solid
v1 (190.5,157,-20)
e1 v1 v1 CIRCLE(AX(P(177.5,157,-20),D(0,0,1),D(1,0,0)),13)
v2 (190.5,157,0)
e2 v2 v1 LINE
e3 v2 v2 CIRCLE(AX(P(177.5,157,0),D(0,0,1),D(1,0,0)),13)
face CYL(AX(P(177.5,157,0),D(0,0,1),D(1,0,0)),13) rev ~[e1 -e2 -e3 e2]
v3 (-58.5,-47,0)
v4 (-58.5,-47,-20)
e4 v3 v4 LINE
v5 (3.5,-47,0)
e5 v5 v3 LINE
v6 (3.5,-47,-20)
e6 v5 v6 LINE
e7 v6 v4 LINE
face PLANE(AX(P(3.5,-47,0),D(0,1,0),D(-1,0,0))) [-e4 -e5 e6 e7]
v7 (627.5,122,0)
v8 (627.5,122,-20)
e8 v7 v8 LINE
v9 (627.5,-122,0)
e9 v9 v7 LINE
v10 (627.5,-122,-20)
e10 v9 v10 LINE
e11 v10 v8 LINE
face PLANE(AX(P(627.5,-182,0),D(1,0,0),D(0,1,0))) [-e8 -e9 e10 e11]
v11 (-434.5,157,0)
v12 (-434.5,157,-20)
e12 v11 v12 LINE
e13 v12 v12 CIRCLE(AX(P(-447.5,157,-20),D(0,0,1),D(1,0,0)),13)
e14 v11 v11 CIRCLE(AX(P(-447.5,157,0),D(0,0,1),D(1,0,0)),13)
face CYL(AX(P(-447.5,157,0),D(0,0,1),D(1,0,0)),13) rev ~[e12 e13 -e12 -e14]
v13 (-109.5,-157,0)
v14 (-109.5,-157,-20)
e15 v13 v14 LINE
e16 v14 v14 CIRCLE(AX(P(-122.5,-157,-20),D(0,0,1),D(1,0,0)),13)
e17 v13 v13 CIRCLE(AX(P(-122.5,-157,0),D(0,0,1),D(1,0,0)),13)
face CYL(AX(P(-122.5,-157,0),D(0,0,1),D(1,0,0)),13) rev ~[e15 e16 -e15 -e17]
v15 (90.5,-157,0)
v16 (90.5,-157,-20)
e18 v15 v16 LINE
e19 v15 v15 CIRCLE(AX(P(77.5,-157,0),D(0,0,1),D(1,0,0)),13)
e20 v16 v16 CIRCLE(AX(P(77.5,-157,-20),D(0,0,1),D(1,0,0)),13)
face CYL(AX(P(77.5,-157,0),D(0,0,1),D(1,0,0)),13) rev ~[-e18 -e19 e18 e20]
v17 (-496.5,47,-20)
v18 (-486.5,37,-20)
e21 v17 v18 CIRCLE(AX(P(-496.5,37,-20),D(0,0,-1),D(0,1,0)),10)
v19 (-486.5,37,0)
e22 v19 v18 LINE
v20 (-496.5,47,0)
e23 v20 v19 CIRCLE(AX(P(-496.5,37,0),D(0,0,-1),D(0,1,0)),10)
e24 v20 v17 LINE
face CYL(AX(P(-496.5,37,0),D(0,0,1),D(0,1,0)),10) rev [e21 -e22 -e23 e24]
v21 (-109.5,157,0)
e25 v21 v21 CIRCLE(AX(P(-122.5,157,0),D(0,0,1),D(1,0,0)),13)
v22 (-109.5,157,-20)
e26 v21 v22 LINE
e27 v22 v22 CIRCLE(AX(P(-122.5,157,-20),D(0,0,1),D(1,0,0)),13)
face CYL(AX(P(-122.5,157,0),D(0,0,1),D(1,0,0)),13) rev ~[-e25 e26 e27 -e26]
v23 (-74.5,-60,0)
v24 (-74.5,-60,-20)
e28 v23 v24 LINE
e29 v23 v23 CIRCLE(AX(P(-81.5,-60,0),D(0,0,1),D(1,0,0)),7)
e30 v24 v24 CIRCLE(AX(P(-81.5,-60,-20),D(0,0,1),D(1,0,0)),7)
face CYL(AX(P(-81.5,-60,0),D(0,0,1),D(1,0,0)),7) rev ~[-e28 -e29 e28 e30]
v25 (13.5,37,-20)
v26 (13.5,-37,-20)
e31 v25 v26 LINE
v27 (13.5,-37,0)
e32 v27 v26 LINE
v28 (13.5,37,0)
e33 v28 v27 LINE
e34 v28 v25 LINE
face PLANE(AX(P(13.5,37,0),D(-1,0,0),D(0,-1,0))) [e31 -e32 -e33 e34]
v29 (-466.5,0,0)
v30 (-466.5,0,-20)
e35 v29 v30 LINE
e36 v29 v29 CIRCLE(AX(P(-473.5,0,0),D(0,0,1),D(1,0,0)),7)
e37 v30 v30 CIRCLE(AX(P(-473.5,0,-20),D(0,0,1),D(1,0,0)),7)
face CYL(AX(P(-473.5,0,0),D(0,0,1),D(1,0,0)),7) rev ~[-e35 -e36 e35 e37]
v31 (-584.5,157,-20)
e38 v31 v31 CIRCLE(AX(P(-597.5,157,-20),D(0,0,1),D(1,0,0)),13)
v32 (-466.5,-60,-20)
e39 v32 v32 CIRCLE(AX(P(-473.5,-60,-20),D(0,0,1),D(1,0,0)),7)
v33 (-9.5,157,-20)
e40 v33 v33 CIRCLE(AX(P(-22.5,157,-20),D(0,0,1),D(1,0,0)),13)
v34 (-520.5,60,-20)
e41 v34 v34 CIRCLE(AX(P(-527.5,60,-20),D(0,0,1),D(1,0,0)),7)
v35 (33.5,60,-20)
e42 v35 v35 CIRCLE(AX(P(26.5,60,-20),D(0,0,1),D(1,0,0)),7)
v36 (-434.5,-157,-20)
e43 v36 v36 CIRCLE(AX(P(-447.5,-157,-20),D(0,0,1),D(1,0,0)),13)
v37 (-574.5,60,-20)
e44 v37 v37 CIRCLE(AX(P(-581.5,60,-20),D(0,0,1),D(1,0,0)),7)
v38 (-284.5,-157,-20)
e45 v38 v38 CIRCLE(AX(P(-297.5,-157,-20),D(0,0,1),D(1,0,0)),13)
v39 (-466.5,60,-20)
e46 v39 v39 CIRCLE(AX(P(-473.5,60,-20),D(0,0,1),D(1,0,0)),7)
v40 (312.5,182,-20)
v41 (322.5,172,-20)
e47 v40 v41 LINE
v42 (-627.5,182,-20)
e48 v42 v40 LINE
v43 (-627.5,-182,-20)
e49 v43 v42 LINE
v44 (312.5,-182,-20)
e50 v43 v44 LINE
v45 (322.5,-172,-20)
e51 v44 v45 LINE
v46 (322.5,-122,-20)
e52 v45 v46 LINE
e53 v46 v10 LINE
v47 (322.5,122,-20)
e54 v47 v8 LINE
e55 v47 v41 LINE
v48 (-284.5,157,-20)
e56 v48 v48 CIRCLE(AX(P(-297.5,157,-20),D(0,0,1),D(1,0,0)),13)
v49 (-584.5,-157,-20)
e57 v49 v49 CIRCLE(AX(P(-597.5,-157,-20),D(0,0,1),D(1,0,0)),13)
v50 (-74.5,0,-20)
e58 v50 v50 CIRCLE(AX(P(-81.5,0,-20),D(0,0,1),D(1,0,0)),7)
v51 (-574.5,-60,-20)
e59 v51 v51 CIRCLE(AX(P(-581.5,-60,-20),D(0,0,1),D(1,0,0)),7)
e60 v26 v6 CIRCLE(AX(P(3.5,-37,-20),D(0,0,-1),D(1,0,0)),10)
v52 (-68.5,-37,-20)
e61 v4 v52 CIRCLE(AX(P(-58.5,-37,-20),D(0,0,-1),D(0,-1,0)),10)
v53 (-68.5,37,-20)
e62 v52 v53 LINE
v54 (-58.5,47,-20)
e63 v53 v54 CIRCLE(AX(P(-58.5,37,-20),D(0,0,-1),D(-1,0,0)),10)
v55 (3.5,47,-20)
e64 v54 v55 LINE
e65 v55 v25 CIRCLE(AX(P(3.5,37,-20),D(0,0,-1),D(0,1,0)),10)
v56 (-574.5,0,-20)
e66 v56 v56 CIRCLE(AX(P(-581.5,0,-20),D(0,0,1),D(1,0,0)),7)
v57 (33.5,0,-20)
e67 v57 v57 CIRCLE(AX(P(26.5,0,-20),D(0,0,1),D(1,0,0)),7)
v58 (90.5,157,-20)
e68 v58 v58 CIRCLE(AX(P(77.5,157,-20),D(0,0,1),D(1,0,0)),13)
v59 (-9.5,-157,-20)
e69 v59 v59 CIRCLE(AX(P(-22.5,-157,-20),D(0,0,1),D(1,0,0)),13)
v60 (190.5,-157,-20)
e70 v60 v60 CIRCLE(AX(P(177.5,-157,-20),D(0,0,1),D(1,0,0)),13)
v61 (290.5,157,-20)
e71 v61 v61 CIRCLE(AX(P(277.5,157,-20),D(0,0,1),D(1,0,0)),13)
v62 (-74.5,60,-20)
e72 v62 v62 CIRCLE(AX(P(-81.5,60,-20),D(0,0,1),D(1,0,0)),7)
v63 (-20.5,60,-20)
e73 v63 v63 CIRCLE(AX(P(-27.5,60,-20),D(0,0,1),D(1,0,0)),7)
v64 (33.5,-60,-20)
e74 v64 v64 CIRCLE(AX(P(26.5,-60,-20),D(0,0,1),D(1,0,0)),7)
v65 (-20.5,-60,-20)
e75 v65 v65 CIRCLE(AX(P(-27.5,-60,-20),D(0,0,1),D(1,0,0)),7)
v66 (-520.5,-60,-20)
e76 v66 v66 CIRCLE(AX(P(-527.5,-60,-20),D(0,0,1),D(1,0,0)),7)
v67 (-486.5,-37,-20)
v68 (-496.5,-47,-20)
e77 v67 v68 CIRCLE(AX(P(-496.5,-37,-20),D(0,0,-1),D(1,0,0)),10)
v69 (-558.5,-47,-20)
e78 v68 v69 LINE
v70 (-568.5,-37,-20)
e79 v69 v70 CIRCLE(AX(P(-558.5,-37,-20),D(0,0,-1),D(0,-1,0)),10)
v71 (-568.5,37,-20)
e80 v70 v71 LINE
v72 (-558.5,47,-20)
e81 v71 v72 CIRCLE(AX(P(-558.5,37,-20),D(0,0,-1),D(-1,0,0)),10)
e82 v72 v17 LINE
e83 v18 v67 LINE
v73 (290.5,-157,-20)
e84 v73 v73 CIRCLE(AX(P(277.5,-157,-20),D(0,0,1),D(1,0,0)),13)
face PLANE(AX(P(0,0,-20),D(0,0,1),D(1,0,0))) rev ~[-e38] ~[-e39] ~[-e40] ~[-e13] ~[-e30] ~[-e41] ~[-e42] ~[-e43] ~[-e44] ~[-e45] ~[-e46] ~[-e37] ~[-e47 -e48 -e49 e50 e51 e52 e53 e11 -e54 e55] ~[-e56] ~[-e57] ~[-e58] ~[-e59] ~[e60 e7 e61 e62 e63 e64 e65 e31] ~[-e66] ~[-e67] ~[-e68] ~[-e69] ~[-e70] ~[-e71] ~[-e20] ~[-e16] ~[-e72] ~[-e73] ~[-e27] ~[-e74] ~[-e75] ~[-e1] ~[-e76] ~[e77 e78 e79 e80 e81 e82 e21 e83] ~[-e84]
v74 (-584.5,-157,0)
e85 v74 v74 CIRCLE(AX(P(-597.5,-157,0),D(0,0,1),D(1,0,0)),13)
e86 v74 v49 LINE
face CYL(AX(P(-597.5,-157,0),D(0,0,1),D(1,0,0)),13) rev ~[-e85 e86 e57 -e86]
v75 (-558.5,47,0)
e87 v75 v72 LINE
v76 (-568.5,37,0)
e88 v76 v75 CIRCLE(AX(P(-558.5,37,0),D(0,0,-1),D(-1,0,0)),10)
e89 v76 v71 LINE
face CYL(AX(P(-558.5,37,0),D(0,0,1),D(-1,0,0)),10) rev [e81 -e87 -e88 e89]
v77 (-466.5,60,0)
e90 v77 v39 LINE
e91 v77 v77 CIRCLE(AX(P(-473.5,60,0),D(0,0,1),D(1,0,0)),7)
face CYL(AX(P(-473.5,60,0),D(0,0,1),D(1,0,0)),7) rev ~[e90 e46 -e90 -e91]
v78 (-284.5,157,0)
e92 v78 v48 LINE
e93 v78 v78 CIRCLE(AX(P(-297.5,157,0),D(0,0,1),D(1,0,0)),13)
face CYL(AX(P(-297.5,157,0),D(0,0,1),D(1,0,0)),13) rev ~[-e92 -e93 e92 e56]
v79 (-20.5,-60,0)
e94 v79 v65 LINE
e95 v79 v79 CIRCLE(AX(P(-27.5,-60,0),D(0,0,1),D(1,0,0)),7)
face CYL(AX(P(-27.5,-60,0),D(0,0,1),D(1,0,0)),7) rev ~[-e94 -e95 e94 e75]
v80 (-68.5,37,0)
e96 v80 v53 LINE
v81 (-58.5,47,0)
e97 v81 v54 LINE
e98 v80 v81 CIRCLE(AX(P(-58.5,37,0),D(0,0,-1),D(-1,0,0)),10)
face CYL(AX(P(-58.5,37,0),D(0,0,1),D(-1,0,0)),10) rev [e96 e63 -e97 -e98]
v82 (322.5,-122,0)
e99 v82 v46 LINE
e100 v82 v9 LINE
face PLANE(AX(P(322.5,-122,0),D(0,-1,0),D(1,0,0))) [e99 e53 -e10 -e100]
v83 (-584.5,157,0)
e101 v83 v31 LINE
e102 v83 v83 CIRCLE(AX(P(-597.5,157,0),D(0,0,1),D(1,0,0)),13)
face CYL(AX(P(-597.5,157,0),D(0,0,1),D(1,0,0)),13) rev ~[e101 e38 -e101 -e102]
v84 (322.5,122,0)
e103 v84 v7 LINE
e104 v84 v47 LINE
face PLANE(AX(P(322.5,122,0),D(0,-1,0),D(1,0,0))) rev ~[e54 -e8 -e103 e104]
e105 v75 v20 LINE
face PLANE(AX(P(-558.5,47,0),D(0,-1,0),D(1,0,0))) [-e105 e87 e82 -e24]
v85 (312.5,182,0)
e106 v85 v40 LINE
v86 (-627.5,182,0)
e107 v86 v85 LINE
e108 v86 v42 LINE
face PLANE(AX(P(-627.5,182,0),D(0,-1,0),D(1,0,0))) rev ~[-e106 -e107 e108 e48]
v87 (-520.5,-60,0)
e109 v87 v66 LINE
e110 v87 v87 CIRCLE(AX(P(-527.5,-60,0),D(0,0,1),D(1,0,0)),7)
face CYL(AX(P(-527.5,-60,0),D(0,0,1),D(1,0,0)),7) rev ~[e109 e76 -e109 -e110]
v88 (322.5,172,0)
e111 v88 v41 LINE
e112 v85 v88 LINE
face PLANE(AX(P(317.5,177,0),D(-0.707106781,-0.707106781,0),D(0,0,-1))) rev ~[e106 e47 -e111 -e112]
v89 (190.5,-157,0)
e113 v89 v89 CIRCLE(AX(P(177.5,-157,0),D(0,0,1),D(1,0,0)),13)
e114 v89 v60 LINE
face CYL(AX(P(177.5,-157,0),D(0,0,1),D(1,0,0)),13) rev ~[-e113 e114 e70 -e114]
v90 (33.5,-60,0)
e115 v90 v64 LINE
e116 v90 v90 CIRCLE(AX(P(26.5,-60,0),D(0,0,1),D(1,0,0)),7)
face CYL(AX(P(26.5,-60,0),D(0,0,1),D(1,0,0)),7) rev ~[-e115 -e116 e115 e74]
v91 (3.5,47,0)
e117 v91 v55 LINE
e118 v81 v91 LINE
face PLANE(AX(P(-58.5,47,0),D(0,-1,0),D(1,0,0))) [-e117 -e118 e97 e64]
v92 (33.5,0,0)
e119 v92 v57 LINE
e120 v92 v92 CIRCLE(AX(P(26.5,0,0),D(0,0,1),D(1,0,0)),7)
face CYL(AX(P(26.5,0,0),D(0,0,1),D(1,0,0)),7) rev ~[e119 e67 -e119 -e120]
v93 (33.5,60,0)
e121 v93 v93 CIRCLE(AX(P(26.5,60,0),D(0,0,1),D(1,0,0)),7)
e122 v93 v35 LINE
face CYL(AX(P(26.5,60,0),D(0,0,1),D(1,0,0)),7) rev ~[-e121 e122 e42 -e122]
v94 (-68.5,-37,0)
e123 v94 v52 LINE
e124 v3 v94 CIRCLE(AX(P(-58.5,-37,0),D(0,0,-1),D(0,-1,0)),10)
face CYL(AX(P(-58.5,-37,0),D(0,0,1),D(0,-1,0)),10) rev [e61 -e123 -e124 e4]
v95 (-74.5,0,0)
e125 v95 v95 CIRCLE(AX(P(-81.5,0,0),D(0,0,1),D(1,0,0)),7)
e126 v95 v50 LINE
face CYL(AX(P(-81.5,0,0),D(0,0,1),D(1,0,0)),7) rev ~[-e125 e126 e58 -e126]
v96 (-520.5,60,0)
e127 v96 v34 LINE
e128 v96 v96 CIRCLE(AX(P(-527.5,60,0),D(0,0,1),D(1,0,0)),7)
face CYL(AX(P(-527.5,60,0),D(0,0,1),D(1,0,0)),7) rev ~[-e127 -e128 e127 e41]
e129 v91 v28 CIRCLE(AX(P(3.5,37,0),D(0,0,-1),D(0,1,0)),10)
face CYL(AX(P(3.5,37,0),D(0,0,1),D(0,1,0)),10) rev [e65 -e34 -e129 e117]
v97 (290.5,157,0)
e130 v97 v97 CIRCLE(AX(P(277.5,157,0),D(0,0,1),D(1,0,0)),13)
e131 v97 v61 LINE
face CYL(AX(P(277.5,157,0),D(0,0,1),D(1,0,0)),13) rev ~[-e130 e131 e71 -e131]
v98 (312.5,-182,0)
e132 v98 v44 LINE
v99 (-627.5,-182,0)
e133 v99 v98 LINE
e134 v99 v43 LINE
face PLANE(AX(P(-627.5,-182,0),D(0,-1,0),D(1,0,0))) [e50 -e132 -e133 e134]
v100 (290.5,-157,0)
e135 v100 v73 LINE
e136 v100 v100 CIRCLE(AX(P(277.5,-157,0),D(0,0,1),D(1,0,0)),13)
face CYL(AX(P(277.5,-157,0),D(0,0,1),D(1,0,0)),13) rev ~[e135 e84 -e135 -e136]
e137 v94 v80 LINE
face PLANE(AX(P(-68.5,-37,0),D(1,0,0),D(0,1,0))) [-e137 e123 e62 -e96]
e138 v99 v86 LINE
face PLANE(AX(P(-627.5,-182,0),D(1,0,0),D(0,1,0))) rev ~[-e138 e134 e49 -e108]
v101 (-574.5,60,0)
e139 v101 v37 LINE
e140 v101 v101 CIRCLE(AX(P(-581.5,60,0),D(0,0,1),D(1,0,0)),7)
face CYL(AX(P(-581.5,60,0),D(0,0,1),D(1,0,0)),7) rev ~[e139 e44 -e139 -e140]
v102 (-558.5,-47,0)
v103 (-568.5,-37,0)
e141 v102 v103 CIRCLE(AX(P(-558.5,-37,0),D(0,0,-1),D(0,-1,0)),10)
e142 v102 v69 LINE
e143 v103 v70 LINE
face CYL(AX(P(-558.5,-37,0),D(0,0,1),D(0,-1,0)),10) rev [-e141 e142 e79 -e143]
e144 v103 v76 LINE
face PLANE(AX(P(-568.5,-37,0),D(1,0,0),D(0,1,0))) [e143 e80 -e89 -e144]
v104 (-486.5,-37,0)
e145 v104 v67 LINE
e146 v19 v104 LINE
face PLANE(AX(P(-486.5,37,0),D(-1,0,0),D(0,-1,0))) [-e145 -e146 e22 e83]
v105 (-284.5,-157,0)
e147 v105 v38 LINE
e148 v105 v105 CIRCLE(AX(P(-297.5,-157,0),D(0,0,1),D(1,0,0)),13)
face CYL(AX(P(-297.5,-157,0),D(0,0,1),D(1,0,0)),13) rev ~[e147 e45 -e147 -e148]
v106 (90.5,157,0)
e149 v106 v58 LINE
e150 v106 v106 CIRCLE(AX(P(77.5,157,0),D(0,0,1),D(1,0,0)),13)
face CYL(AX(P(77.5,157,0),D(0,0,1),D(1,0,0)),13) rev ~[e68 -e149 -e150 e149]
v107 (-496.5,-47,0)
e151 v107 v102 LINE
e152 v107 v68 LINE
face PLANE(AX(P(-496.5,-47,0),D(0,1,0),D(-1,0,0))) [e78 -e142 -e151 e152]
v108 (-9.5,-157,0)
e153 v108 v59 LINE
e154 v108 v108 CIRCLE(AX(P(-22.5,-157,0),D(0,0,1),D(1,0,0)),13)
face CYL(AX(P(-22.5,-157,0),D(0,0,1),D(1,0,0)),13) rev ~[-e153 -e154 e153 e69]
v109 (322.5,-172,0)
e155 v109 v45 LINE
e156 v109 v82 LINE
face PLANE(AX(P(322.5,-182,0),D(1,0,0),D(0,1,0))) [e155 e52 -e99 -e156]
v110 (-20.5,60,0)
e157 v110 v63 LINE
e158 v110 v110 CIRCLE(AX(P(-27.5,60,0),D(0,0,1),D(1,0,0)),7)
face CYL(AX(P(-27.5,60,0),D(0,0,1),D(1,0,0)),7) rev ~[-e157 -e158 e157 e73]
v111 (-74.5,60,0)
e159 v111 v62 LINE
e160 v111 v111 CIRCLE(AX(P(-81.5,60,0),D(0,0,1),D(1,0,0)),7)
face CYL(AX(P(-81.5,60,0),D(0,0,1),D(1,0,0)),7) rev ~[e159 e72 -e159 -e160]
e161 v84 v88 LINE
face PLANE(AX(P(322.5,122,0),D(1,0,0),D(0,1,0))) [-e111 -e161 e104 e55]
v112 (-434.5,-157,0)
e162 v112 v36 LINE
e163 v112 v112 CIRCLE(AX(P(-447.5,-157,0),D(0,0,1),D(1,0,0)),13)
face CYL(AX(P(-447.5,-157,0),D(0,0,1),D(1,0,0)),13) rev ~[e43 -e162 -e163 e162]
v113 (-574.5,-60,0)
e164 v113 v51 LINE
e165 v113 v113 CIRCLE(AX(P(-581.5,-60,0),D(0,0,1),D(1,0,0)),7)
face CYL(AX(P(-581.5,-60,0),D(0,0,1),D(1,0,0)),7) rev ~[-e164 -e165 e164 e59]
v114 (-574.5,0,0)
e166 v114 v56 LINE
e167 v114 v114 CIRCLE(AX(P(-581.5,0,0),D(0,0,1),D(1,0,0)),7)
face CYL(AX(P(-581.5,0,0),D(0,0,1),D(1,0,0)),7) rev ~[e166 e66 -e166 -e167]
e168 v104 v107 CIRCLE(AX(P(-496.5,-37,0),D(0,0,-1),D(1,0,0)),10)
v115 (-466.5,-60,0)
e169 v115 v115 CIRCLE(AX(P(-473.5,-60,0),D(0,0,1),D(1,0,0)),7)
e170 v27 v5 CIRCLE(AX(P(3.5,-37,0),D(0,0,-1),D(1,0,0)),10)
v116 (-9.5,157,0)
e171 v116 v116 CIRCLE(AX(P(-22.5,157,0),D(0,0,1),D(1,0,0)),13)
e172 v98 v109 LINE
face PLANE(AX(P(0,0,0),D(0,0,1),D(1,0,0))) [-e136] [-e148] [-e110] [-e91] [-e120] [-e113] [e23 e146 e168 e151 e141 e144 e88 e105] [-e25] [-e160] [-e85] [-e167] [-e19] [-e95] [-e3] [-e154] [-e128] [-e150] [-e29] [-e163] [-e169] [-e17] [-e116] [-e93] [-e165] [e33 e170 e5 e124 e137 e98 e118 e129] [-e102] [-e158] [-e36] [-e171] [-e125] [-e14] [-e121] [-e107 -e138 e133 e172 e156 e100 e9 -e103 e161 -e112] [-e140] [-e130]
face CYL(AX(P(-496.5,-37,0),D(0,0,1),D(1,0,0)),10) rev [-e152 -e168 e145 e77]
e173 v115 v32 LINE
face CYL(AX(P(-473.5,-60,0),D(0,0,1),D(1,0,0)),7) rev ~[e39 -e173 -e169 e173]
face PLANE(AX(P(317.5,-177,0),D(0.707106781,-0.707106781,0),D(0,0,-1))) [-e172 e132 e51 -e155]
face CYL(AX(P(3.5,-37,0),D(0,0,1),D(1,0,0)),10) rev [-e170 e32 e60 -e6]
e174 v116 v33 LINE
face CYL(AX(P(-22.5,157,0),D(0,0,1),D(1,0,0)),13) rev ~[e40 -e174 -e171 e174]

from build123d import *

# Parameters (mm, degrees)
SKETCH_1_W          = 1255
SKETCH_1_H          = 364
EXTRUDE_1_DEPTH     = 20
SKETCH_2_W          = 305
SKETCH_2_H          = 60
CUT_EXTRUDE_1_DEPTH = 654.666772905
CHAMFER_1_SIZE      = 10
SKETCH_3_R          = 13
SKETCH_3_R_2        = 7
CUT_EXTRUDE_2_DEPTH = 20


with BuildPart() as part:
    # 草图1 → 凸台-拉伸1 (new body)
    with BuildSketch(Plane.XY):
        Rectangle(SKETCH_1_W, SKETCH_1_H)
    extrude(amount=-EXTRUDE_1_DEPTH)

    # 草图2 → 切除-拉伸1 (cut, through all)
    with BuildSketch(Plane.XY):
        with Locations((475, 152)):
            Rectangle(SKETCH_2_W, SKETCH_2_H)
        with Locations((475, -152)):
            Rectangle(SKETCH_2_W, SKETCH_2_H)
    extrude(amount=-CUT_EXTRUDE_1_DEPTH, mode=Mode.SUBTRACT)

    # 倒角1
    chamfer_1_edges = [part.edges().sort_by_distance(p)[0] for p in [
        (322.5, 182, -10),
        (322.5, -182, -10),
    ]]
    chamfer(chamfer_1_edges, length=CHAMFER_1_SIZE)

    # 草图3 → 切除-拉伸2 (cut)
    with BuildSketch(Plane.XY):
        with Locations((-597.5, 157)):
            Circle(SKETCH_3_R)
        with Locations((-447.5, 157)):
            Circle(SKETCH_3_R)
        with Locations((-297.5, 157)):
            Circle(SKETCH_3_R)
        with Locations((-122.5, 157)):
            Circle(SKETCH_3_R)
        with Locations((-22.5, 157)):
            Circle(SKETCH_3_R)
        with Locations((77.5, 157)):
            Circle(SKETCH_3_R)
        with Locations((177.5, 157)):
            Circle(SKETCH_3_R)
        with Locations((277.5, 157)):
            Circle(SKETCH_3_R)
        with Locations((277.5, -157)):
            Circle(SKETCH_3_R)
        with Locations((177.5, -157)):
            Circle(SKETCH_3_R)
        with Locations((77.5, -157)):
            Circle(SKETCH_3_R)
        with Locations((-22.5, -157)):
            Circle(SKETCH_3_R)
        with Locations((-122.5, -157)):
            Circle(SKETCH_3_R)
        with Locations((-297.5, -157)):
            Circle(SKETCH_3_R)
        with Locations((-447.5, -157)):
            Circle(SKETCH_3_R)
        with Locations((-597.5, -157)):
            Circle(SKETCH_3_R)
        with Locations((-581.5, 60)):
            Circle(SKETCH_3_R_2)
        with Locations((-527.5, 60)):
            Circle(SKETCH_3_R_2)
        with Locations((-473.5, 60)):
            Circle(SKETCH_3_R_2)
        with Locations((-473.5, 0)):
            Circle(SKETCH_3_R_2)
        with Locations((-581.5, 0)):
            Circle(SKETCH_3_R_2)
        with Locations((-581.5, -60)):
            Circle(SKETCH_3_R_2)
        with Locations((-527.5, -60)):
            Circle(SKETCH_3_R_2)
        with Locations((-473.5, -60)):
            Circle(SKETCH_3_R_2)
        with Locations((-81.5, 60)):
            Circle(SKETCH_3_R_2)
        with Locations((-27.5, 60)):
            Circle(SKETCH_3_R_2)
        with Locations((26.5, 60)):
            Circle(SKETCH_3_R_2)
        with Locations((26.5, 0)):
            Circle(SKETCH_3_R_2)
        with Locations((-81.5, 0)):
            Circle(SKETCH_3_R_2)
        with Locations((-81.5, -60)):
            Circle(SKETCH_3_R_2)
        with Locations((-27.5, -60)):
            Circle(SKETCH_3_R_2)
        with Locations((26.5, -60)):
            Circle(SKETCH_3_R_2)
        with BuildLine():
            Line((-58.5, 47), (3.5, 47))
            ThreePointArc((3.5, 47), (10.571067812, 44.071067812), (13.5, 37))
            Line((13.5, 37), (13.5, -37))
            ThreePointArc((13.5, -37), (10.571067812, -44.071067812), (3.5, -47))
            Line((3.5, -47), (-58.5, -47))
            ThreePointArc((-58.5, -47), (-65.571067812, -44.071067812), (-68.5, -37))
            Line((-68.5, -37), (-68.5, 37))
            ThreePointArc((-68.5, 37), (-65.571067812, 44.071067812), (-58.5, 47))
        make_face()
        with BuildLine():
            Line((-558.5, 47), (-496.5, 47))
            ThreePointArc((-496.5, 47), (-489.428932188, 44.071067812), (-486.5, 37))
            Line((-486.5, 37), (-486.5, -37))
            ThreePointArc((-486.5, -37), (-489.428932188, -44.071067812), (-496.5, -47))
            Line((-496.5, -47), (-558.5, -47))
            ThreePointArc((-558.5, -47), (-565.571067812, -44.071067812), (-568.5, -37))
            Line((-568.5, -37), (-568.5, 37))
            ThreePointArc((-568.5, 37), (-565.571067812, 44.071067812), (-558.5, 47))
        make_face()
    extrude(amount=-CUT_EXTRUDE_2_DEPTH, mode=Mode.SUBTRACT)


solid = part.part
